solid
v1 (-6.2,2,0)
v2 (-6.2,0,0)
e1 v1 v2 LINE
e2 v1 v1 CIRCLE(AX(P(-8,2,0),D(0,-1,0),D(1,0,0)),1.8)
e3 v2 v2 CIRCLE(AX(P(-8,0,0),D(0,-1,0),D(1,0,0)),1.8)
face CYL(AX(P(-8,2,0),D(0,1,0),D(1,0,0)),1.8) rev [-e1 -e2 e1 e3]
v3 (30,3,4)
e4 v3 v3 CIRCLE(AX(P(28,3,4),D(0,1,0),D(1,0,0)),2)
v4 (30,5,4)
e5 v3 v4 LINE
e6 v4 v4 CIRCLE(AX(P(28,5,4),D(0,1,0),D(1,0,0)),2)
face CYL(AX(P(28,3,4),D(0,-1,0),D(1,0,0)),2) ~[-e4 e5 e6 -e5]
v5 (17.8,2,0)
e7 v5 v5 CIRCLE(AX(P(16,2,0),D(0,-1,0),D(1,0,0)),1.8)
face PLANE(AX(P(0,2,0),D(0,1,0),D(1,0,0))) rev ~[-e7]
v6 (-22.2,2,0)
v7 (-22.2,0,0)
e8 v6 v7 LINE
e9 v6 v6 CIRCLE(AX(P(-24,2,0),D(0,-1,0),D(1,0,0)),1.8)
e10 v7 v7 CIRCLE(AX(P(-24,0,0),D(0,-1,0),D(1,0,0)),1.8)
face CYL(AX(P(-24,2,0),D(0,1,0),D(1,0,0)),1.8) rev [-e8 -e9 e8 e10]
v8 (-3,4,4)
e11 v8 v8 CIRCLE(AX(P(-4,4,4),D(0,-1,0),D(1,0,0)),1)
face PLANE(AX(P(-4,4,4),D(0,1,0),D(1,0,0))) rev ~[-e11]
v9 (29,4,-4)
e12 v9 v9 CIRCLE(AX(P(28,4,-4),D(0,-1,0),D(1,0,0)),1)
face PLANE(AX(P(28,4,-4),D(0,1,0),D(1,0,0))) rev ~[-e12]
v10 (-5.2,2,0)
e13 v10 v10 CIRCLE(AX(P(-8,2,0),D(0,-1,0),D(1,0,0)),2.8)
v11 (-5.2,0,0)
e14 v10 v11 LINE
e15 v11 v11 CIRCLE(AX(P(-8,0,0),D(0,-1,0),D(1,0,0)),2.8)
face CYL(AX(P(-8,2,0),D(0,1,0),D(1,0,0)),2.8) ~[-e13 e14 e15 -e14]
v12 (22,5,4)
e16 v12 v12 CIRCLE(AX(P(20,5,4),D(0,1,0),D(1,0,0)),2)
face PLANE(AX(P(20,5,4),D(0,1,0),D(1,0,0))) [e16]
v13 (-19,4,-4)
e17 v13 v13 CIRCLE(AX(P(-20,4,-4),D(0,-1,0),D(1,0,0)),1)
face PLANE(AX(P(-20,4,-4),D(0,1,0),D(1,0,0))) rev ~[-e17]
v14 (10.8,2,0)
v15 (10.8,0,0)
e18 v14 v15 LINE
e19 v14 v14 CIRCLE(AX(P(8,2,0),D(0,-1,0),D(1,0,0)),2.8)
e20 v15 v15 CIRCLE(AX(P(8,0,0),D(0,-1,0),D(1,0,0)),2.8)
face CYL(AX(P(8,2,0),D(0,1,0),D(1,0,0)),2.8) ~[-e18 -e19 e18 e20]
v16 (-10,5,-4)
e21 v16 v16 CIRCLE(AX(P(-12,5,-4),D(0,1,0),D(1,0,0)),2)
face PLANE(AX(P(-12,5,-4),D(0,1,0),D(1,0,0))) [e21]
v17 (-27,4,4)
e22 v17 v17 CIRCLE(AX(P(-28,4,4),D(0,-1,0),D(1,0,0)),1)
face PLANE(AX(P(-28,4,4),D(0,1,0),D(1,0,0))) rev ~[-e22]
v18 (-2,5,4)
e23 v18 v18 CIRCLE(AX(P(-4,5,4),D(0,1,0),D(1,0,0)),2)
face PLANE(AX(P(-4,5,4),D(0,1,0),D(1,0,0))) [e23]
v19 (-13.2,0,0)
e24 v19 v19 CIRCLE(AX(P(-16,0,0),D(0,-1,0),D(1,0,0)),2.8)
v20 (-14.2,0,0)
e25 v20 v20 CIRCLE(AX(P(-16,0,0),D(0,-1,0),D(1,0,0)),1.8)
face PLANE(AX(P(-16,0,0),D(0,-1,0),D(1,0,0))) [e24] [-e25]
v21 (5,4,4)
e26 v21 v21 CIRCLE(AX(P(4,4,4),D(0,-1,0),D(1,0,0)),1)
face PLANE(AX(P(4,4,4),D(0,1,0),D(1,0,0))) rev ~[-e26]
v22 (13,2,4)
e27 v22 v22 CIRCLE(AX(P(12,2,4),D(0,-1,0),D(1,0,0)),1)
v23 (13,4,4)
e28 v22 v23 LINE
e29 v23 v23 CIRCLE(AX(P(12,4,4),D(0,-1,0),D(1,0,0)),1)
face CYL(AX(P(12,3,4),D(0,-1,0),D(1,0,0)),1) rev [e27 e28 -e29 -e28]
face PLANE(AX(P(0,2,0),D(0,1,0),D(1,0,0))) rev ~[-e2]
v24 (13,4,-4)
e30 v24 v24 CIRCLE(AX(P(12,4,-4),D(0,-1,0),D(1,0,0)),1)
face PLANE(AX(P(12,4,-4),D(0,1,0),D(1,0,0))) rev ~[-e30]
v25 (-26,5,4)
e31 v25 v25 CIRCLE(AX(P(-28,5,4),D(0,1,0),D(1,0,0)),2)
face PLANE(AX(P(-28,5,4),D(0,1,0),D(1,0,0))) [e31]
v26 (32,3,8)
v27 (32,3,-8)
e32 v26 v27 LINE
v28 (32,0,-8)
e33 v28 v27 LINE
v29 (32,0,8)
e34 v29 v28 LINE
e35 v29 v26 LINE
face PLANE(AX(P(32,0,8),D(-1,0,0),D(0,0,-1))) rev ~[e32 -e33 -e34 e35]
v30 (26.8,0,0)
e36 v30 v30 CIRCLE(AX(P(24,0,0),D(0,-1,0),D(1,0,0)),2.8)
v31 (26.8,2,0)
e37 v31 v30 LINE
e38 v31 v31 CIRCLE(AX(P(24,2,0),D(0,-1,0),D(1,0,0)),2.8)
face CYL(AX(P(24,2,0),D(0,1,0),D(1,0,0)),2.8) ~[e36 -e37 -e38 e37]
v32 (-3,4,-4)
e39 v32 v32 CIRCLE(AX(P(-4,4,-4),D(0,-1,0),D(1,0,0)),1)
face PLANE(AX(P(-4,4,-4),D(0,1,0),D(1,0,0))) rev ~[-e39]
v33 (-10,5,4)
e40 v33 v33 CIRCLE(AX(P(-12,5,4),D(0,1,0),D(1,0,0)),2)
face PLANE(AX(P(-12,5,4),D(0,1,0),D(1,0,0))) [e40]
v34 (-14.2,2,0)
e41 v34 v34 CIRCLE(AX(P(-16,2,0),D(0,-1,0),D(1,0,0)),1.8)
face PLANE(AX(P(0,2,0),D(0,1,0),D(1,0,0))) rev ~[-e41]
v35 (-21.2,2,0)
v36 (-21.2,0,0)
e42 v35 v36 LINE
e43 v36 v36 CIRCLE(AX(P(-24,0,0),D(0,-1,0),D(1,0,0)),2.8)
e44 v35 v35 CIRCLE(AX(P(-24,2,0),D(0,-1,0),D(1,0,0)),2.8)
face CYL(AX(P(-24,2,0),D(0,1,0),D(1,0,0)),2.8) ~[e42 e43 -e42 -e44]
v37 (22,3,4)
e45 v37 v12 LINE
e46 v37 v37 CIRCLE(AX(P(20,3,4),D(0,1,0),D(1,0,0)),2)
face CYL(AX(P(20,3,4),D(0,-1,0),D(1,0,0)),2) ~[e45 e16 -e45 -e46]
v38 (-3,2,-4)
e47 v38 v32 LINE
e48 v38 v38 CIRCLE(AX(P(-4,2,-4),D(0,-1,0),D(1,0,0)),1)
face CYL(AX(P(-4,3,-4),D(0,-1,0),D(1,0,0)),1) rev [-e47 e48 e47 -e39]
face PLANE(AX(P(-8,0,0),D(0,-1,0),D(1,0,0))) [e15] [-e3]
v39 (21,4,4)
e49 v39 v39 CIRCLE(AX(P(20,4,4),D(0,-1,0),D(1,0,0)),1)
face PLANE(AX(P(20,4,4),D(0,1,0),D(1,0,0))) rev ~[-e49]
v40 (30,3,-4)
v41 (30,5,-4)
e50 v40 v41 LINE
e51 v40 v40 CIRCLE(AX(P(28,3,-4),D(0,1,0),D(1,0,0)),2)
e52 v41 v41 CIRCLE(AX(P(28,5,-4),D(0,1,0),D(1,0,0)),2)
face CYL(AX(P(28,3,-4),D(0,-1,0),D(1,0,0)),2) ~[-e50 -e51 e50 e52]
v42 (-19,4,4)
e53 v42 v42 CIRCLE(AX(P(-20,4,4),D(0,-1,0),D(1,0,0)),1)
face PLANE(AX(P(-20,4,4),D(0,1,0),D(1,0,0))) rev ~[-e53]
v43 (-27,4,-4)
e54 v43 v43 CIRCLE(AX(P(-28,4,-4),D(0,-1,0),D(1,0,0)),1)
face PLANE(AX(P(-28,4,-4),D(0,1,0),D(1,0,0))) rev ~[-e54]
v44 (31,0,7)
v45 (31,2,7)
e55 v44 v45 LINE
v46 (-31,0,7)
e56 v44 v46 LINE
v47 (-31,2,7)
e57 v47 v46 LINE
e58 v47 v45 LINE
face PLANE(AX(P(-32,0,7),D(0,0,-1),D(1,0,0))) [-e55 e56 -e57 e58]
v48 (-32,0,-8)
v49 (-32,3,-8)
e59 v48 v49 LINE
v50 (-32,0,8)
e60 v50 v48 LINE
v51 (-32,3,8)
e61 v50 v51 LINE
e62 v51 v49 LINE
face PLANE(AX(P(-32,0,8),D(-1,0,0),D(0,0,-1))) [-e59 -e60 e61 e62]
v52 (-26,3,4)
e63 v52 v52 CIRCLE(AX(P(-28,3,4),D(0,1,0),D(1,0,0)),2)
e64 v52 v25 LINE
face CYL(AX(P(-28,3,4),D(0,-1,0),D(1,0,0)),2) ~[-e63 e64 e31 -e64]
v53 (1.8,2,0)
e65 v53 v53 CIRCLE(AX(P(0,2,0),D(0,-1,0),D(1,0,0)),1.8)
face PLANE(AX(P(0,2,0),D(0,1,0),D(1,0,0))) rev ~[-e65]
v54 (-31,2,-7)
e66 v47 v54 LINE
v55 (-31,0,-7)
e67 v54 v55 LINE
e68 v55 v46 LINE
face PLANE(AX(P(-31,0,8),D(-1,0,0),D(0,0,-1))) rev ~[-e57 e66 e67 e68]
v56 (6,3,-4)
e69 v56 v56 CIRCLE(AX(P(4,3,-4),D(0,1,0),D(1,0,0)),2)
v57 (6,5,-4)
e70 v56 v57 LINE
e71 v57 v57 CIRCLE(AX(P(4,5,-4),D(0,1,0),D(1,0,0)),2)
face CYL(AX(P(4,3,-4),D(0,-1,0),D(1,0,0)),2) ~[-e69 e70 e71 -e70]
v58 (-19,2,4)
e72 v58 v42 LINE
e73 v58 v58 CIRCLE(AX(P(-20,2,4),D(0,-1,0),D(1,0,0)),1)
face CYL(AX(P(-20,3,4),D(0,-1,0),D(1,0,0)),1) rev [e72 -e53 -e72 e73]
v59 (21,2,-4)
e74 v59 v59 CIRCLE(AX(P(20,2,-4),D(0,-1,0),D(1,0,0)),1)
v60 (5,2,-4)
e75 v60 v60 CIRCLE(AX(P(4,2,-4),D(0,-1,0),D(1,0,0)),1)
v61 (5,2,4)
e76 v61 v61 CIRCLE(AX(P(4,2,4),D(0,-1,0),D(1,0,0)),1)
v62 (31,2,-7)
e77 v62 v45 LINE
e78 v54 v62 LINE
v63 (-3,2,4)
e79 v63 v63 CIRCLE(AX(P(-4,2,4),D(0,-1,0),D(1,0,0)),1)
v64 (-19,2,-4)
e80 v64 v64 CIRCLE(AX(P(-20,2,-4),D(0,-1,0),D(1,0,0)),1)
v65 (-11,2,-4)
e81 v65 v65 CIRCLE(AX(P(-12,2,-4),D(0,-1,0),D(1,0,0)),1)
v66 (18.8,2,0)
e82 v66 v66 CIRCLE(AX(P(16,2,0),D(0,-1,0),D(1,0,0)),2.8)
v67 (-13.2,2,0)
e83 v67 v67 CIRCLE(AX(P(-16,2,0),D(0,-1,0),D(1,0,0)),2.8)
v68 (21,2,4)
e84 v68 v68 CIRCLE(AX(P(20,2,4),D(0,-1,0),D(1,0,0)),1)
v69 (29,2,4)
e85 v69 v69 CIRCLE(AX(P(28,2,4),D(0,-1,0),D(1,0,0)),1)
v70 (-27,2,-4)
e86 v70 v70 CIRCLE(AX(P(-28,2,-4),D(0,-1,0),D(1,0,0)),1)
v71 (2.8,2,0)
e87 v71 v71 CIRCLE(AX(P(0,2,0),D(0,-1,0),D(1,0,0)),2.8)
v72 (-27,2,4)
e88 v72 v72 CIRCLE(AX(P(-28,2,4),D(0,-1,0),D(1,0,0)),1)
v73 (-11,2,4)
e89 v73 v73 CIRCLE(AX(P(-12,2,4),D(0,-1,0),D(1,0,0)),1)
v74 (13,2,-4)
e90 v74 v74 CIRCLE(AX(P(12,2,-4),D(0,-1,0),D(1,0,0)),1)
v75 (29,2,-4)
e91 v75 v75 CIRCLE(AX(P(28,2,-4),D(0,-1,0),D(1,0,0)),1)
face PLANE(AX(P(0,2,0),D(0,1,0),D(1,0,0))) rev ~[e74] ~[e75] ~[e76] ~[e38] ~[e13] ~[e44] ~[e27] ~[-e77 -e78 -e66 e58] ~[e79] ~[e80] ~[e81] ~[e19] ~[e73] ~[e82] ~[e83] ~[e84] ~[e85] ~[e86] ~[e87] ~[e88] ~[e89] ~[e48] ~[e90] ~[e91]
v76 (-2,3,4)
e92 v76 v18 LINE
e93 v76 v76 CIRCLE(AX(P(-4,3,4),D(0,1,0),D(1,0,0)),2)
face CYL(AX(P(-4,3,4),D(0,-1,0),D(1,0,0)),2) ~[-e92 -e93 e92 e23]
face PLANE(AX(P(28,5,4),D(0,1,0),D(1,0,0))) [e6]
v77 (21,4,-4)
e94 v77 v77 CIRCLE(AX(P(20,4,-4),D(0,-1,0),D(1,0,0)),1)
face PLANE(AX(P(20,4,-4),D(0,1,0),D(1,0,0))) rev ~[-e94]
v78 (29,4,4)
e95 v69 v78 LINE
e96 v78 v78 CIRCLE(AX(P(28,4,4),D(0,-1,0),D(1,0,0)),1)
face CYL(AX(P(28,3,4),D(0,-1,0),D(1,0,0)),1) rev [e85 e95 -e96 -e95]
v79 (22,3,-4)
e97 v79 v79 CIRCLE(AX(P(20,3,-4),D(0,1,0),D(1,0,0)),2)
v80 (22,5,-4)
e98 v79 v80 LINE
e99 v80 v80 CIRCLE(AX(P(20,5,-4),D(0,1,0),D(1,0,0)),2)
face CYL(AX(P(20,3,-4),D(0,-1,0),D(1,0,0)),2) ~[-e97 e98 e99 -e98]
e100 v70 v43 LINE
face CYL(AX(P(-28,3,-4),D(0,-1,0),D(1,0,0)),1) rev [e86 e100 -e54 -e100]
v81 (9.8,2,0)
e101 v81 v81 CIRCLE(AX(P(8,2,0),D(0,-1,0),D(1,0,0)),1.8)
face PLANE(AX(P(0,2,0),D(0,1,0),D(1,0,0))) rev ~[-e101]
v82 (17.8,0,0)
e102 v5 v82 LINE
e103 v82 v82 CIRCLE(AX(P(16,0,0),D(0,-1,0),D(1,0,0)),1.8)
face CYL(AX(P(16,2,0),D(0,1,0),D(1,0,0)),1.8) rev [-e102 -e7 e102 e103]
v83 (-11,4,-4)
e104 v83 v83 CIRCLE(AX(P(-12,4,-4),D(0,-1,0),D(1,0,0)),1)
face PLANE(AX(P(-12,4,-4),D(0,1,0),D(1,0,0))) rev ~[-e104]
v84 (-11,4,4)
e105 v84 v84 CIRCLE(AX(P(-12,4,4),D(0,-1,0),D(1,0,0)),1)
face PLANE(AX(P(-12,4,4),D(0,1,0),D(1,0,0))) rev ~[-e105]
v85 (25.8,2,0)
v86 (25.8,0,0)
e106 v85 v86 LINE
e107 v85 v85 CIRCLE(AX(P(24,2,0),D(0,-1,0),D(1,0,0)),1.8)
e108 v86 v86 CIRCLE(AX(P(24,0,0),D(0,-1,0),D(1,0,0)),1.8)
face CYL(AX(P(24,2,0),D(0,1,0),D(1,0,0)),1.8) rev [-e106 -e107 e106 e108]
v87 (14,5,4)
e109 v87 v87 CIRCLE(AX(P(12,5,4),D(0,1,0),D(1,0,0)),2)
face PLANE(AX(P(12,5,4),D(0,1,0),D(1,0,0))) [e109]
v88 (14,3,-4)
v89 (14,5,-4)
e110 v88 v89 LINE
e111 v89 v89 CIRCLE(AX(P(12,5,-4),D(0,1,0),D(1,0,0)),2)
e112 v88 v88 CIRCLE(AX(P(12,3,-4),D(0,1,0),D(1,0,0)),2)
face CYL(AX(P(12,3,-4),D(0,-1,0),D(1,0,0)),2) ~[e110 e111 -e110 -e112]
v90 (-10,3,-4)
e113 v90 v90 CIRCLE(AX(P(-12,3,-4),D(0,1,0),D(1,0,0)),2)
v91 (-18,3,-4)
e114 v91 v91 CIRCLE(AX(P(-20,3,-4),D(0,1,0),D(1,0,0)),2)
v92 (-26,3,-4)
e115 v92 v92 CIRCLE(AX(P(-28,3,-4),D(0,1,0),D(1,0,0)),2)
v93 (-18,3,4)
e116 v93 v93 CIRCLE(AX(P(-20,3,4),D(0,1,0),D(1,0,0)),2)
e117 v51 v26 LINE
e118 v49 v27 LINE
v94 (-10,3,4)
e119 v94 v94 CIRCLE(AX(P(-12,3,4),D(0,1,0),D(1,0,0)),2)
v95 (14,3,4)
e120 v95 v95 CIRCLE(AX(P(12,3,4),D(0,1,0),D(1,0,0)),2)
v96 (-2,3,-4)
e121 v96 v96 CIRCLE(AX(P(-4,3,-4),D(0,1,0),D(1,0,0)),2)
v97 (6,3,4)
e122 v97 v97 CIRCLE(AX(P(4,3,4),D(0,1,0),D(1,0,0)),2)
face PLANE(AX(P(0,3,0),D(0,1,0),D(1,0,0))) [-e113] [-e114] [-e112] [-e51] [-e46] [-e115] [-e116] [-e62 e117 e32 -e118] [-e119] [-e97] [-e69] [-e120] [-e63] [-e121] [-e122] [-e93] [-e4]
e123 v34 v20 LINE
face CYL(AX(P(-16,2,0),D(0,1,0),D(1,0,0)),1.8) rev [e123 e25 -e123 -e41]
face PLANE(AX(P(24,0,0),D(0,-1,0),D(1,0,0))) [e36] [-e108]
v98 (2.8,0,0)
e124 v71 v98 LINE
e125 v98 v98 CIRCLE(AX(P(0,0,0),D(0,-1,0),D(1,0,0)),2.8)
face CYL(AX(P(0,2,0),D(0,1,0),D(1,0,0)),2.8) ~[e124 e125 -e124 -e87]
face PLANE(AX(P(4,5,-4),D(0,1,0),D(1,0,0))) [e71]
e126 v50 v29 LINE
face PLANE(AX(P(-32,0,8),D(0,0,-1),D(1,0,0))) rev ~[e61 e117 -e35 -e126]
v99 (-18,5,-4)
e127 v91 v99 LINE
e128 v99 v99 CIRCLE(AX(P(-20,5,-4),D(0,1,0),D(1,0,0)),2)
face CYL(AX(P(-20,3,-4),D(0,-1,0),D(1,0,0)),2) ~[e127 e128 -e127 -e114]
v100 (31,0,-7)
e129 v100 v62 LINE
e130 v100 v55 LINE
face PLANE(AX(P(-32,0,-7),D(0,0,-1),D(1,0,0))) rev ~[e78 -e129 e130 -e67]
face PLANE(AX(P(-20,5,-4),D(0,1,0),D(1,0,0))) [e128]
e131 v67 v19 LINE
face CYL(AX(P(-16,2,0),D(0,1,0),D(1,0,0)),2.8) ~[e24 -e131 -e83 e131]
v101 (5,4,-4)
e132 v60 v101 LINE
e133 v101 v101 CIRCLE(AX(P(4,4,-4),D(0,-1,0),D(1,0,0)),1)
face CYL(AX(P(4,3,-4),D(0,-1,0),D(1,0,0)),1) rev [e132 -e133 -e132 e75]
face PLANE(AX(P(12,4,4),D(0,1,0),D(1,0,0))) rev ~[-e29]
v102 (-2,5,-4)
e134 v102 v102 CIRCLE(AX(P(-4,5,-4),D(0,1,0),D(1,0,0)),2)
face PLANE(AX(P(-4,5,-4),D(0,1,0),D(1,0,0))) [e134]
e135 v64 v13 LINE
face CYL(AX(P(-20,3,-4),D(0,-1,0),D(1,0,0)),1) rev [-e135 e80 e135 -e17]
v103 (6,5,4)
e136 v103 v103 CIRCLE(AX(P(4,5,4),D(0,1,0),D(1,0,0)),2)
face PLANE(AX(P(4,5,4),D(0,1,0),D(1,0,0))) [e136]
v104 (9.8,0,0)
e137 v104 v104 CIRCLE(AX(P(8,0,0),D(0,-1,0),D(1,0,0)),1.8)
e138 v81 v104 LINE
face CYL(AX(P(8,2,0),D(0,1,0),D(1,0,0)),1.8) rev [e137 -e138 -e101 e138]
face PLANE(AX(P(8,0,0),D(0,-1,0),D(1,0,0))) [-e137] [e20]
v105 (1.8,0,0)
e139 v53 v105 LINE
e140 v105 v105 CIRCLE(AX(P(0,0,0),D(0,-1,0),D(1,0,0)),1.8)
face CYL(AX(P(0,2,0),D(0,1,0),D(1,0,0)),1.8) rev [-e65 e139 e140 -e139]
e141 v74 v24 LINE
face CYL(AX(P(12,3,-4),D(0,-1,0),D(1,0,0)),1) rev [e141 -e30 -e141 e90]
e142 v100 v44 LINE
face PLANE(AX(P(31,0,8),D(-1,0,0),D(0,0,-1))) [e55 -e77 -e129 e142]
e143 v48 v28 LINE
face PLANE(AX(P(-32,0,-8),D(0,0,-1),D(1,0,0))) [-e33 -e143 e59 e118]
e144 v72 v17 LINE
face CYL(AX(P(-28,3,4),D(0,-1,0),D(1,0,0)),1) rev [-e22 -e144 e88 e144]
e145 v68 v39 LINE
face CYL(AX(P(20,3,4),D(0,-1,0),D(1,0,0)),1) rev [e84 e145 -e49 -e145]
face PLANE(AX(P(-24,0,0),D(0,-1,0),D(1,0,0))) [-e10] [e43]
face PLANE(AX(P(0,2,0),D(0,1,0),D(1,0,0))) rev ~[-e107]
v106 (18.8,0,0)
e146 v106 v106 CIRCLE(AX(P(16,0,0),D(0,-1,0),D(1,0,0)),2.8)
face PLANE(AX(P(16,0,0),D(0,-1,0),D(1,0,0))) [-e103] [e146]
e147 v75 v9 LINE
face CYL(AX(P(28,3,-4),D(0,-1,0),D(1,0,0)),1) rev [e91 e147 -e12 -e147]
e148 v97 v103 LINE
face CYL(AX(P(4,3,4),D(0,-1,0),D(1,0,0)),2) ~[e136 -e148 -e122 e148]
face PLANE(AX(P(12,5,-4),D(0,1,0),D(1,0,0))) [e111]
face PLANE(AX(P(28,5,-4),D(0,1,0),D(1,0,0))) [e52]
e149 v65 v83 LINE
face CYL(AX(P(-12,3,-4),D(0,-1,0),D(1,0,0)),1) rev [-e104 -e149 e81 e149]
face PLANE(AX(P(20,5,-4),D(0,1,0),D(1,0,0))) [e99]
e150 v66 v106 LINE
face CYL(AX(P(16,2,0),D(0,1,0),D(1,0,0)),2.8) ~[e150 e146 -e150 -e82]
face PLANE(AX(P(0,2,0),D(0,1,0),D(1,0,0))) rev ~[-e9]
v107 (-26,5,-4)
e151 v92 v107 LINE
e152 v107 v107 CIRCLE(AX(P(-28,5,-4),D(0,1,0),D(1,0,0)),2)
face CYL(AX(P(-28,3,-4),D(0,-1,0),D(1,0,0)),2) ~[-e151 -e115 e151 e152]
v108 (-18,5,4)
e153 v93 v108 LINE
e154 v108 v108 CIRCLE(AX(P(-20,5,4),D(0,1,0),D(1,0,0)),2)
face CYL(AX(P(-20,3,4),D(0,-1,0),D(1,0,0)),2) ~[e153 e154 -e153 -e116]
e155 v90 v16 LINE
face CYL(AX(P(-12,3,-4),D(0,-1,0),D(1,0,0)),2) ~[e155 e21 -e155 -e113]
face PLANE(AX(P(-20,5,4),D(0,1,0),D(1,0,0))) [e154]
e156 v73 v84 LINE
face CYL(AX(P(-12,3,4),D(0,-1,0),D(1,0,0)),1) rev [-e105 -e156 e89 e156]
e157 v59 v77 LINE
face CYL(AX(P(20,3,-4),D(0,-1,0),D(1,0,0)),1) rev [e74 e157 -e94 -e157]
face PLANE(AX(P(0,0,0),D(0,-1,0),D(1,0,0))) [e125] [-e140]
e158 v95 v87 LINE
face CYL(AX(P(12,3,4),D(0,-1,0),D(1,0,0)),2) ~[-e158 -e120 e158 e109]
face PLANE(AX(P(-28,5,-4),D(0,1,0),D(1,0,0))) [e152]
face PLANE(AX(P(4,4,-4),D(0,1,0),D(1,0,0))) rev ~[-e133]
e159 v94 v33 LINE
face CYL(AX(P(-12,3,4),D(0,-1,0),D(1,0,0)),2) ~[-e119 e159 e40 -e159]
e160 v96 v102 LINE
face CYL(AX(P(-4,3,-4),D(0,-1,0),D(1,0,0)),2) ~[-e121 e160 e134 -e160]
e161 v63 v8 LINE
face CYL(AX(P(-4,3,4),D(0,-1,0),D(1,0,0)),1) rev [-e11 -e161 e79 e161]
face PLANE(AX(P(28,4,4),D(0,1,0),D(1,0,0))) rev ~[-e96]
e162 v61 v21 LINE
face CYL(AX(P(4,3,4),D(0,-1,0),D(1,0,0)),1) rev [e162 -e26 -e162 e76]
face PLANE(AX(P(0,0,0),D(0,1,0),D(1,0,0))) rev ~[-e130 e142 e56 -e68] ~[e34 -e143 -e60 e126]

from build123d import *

# Parameters (mm, degrees)
SKETCH1_W           = 64
SKETCH1_H           = 16
BOSS_EXTRUDE1_DEPTH = 3
SKETCH2_R           = 2
BOSS_EXTRUDE2_DEPTH = 2
SHELL1_T            = -1
SKETCH3_R           = 2.8
SKETCH3_R_2         = 1.8
BOSS_EXTRUDE3_DEPTH = 2
LPATTERN1_COUNT     = 7
LPATTERN1_PITCH     = 8


with BuildPart() as part:
    # Sketch1 → Boss-Extrude1 (new body)
    with BuildSketch(Plane(origin=(0, 0, 0), x_dir=(1, 0, 0), z_dir=(0, 1, 0))):
        Rectangle(SKETCH1_W, SKETCH1_H)
    extrude(amount=BOSS_EXTRUDE1_DEPTH)

    # Sketch2 → Boss-Extrude2 (add)
    with BuildSketch(Plane(origin=(0, 3, 0), x_dir=(1, 0, 0), z_dir=(0, 1, 0))):
        with Locations((-28, 4)):
            Circle(SKETCH2_R)
        with Locations((-20, 4)):
            Circle(SKETCH2_R)
        with Locations((-12, 4)):
            Circle(SKETCH2_R)
        with Locations((-4, 4)):
            Circle(SKETCH2_R)
        with Locations((4, 4)):
            Circle(SKETCH2_R)
        with Locations((12, 4)):
            Circle(SKETCH2_R)
        with Locations((20, 4)):
            Circle(SKETCH2_R)
        with Locations((28, 4)):
            Circle(SKETCH2_R)
        with Locations((-20, -4)):
            Circle(SKETCH2_R)
        with Locations((-12, -4)):
            Circle(SKETCH2_R)
        with Locations((-4, -4)):
            Circle(SKETCH2_R)
        with Locations((4, -4)):
            Circle(SKETCH2_R)
        with Locations((12, -4)):
            Circle(SKETCH2_R)
        with Locations((20, -4)):
            Circle(SKETCH2_R)
        with Locations((28, -4)):
            Circle(SKETCH2_R)
        with Locations((-28, -4)):
            Circle(SKETCH2_R)
    extrude(amount=BOSS_EXTRUDE2_DEPTH)

    # Shell1
    shell1_openings = [part.faces().sort_by_distance(p)[0] for p in [
        (0, 0, 0),
    ]]
    offset(amount=SHELL1_T, openings=shell1_openings, kind=Kind.INTERSECTION)

    # Sketch3 → Boss-Extrude3 (add)
    with BuildSketch(Plane.XZ.offset(-2)):
        with Locations((-24, 0)):
            Circle(SKETCH3_R)
        with Locations((-24, 0)):
            Circle(SKETCH3_R_2, mode=Mode.SUBTRACT)
    boss_extrude3 = extrude(amount=BOSS_EXTRUDE3_DEPTH)

    # LPattern1: Boss-Extrude3 ×7
    with Locations(*[(i * LPATTERN1_PITCH, 0, 0) for i in range(1, LPATTERN1_COUNT)]):
        add(boss_extrude3)


solid = part.part
